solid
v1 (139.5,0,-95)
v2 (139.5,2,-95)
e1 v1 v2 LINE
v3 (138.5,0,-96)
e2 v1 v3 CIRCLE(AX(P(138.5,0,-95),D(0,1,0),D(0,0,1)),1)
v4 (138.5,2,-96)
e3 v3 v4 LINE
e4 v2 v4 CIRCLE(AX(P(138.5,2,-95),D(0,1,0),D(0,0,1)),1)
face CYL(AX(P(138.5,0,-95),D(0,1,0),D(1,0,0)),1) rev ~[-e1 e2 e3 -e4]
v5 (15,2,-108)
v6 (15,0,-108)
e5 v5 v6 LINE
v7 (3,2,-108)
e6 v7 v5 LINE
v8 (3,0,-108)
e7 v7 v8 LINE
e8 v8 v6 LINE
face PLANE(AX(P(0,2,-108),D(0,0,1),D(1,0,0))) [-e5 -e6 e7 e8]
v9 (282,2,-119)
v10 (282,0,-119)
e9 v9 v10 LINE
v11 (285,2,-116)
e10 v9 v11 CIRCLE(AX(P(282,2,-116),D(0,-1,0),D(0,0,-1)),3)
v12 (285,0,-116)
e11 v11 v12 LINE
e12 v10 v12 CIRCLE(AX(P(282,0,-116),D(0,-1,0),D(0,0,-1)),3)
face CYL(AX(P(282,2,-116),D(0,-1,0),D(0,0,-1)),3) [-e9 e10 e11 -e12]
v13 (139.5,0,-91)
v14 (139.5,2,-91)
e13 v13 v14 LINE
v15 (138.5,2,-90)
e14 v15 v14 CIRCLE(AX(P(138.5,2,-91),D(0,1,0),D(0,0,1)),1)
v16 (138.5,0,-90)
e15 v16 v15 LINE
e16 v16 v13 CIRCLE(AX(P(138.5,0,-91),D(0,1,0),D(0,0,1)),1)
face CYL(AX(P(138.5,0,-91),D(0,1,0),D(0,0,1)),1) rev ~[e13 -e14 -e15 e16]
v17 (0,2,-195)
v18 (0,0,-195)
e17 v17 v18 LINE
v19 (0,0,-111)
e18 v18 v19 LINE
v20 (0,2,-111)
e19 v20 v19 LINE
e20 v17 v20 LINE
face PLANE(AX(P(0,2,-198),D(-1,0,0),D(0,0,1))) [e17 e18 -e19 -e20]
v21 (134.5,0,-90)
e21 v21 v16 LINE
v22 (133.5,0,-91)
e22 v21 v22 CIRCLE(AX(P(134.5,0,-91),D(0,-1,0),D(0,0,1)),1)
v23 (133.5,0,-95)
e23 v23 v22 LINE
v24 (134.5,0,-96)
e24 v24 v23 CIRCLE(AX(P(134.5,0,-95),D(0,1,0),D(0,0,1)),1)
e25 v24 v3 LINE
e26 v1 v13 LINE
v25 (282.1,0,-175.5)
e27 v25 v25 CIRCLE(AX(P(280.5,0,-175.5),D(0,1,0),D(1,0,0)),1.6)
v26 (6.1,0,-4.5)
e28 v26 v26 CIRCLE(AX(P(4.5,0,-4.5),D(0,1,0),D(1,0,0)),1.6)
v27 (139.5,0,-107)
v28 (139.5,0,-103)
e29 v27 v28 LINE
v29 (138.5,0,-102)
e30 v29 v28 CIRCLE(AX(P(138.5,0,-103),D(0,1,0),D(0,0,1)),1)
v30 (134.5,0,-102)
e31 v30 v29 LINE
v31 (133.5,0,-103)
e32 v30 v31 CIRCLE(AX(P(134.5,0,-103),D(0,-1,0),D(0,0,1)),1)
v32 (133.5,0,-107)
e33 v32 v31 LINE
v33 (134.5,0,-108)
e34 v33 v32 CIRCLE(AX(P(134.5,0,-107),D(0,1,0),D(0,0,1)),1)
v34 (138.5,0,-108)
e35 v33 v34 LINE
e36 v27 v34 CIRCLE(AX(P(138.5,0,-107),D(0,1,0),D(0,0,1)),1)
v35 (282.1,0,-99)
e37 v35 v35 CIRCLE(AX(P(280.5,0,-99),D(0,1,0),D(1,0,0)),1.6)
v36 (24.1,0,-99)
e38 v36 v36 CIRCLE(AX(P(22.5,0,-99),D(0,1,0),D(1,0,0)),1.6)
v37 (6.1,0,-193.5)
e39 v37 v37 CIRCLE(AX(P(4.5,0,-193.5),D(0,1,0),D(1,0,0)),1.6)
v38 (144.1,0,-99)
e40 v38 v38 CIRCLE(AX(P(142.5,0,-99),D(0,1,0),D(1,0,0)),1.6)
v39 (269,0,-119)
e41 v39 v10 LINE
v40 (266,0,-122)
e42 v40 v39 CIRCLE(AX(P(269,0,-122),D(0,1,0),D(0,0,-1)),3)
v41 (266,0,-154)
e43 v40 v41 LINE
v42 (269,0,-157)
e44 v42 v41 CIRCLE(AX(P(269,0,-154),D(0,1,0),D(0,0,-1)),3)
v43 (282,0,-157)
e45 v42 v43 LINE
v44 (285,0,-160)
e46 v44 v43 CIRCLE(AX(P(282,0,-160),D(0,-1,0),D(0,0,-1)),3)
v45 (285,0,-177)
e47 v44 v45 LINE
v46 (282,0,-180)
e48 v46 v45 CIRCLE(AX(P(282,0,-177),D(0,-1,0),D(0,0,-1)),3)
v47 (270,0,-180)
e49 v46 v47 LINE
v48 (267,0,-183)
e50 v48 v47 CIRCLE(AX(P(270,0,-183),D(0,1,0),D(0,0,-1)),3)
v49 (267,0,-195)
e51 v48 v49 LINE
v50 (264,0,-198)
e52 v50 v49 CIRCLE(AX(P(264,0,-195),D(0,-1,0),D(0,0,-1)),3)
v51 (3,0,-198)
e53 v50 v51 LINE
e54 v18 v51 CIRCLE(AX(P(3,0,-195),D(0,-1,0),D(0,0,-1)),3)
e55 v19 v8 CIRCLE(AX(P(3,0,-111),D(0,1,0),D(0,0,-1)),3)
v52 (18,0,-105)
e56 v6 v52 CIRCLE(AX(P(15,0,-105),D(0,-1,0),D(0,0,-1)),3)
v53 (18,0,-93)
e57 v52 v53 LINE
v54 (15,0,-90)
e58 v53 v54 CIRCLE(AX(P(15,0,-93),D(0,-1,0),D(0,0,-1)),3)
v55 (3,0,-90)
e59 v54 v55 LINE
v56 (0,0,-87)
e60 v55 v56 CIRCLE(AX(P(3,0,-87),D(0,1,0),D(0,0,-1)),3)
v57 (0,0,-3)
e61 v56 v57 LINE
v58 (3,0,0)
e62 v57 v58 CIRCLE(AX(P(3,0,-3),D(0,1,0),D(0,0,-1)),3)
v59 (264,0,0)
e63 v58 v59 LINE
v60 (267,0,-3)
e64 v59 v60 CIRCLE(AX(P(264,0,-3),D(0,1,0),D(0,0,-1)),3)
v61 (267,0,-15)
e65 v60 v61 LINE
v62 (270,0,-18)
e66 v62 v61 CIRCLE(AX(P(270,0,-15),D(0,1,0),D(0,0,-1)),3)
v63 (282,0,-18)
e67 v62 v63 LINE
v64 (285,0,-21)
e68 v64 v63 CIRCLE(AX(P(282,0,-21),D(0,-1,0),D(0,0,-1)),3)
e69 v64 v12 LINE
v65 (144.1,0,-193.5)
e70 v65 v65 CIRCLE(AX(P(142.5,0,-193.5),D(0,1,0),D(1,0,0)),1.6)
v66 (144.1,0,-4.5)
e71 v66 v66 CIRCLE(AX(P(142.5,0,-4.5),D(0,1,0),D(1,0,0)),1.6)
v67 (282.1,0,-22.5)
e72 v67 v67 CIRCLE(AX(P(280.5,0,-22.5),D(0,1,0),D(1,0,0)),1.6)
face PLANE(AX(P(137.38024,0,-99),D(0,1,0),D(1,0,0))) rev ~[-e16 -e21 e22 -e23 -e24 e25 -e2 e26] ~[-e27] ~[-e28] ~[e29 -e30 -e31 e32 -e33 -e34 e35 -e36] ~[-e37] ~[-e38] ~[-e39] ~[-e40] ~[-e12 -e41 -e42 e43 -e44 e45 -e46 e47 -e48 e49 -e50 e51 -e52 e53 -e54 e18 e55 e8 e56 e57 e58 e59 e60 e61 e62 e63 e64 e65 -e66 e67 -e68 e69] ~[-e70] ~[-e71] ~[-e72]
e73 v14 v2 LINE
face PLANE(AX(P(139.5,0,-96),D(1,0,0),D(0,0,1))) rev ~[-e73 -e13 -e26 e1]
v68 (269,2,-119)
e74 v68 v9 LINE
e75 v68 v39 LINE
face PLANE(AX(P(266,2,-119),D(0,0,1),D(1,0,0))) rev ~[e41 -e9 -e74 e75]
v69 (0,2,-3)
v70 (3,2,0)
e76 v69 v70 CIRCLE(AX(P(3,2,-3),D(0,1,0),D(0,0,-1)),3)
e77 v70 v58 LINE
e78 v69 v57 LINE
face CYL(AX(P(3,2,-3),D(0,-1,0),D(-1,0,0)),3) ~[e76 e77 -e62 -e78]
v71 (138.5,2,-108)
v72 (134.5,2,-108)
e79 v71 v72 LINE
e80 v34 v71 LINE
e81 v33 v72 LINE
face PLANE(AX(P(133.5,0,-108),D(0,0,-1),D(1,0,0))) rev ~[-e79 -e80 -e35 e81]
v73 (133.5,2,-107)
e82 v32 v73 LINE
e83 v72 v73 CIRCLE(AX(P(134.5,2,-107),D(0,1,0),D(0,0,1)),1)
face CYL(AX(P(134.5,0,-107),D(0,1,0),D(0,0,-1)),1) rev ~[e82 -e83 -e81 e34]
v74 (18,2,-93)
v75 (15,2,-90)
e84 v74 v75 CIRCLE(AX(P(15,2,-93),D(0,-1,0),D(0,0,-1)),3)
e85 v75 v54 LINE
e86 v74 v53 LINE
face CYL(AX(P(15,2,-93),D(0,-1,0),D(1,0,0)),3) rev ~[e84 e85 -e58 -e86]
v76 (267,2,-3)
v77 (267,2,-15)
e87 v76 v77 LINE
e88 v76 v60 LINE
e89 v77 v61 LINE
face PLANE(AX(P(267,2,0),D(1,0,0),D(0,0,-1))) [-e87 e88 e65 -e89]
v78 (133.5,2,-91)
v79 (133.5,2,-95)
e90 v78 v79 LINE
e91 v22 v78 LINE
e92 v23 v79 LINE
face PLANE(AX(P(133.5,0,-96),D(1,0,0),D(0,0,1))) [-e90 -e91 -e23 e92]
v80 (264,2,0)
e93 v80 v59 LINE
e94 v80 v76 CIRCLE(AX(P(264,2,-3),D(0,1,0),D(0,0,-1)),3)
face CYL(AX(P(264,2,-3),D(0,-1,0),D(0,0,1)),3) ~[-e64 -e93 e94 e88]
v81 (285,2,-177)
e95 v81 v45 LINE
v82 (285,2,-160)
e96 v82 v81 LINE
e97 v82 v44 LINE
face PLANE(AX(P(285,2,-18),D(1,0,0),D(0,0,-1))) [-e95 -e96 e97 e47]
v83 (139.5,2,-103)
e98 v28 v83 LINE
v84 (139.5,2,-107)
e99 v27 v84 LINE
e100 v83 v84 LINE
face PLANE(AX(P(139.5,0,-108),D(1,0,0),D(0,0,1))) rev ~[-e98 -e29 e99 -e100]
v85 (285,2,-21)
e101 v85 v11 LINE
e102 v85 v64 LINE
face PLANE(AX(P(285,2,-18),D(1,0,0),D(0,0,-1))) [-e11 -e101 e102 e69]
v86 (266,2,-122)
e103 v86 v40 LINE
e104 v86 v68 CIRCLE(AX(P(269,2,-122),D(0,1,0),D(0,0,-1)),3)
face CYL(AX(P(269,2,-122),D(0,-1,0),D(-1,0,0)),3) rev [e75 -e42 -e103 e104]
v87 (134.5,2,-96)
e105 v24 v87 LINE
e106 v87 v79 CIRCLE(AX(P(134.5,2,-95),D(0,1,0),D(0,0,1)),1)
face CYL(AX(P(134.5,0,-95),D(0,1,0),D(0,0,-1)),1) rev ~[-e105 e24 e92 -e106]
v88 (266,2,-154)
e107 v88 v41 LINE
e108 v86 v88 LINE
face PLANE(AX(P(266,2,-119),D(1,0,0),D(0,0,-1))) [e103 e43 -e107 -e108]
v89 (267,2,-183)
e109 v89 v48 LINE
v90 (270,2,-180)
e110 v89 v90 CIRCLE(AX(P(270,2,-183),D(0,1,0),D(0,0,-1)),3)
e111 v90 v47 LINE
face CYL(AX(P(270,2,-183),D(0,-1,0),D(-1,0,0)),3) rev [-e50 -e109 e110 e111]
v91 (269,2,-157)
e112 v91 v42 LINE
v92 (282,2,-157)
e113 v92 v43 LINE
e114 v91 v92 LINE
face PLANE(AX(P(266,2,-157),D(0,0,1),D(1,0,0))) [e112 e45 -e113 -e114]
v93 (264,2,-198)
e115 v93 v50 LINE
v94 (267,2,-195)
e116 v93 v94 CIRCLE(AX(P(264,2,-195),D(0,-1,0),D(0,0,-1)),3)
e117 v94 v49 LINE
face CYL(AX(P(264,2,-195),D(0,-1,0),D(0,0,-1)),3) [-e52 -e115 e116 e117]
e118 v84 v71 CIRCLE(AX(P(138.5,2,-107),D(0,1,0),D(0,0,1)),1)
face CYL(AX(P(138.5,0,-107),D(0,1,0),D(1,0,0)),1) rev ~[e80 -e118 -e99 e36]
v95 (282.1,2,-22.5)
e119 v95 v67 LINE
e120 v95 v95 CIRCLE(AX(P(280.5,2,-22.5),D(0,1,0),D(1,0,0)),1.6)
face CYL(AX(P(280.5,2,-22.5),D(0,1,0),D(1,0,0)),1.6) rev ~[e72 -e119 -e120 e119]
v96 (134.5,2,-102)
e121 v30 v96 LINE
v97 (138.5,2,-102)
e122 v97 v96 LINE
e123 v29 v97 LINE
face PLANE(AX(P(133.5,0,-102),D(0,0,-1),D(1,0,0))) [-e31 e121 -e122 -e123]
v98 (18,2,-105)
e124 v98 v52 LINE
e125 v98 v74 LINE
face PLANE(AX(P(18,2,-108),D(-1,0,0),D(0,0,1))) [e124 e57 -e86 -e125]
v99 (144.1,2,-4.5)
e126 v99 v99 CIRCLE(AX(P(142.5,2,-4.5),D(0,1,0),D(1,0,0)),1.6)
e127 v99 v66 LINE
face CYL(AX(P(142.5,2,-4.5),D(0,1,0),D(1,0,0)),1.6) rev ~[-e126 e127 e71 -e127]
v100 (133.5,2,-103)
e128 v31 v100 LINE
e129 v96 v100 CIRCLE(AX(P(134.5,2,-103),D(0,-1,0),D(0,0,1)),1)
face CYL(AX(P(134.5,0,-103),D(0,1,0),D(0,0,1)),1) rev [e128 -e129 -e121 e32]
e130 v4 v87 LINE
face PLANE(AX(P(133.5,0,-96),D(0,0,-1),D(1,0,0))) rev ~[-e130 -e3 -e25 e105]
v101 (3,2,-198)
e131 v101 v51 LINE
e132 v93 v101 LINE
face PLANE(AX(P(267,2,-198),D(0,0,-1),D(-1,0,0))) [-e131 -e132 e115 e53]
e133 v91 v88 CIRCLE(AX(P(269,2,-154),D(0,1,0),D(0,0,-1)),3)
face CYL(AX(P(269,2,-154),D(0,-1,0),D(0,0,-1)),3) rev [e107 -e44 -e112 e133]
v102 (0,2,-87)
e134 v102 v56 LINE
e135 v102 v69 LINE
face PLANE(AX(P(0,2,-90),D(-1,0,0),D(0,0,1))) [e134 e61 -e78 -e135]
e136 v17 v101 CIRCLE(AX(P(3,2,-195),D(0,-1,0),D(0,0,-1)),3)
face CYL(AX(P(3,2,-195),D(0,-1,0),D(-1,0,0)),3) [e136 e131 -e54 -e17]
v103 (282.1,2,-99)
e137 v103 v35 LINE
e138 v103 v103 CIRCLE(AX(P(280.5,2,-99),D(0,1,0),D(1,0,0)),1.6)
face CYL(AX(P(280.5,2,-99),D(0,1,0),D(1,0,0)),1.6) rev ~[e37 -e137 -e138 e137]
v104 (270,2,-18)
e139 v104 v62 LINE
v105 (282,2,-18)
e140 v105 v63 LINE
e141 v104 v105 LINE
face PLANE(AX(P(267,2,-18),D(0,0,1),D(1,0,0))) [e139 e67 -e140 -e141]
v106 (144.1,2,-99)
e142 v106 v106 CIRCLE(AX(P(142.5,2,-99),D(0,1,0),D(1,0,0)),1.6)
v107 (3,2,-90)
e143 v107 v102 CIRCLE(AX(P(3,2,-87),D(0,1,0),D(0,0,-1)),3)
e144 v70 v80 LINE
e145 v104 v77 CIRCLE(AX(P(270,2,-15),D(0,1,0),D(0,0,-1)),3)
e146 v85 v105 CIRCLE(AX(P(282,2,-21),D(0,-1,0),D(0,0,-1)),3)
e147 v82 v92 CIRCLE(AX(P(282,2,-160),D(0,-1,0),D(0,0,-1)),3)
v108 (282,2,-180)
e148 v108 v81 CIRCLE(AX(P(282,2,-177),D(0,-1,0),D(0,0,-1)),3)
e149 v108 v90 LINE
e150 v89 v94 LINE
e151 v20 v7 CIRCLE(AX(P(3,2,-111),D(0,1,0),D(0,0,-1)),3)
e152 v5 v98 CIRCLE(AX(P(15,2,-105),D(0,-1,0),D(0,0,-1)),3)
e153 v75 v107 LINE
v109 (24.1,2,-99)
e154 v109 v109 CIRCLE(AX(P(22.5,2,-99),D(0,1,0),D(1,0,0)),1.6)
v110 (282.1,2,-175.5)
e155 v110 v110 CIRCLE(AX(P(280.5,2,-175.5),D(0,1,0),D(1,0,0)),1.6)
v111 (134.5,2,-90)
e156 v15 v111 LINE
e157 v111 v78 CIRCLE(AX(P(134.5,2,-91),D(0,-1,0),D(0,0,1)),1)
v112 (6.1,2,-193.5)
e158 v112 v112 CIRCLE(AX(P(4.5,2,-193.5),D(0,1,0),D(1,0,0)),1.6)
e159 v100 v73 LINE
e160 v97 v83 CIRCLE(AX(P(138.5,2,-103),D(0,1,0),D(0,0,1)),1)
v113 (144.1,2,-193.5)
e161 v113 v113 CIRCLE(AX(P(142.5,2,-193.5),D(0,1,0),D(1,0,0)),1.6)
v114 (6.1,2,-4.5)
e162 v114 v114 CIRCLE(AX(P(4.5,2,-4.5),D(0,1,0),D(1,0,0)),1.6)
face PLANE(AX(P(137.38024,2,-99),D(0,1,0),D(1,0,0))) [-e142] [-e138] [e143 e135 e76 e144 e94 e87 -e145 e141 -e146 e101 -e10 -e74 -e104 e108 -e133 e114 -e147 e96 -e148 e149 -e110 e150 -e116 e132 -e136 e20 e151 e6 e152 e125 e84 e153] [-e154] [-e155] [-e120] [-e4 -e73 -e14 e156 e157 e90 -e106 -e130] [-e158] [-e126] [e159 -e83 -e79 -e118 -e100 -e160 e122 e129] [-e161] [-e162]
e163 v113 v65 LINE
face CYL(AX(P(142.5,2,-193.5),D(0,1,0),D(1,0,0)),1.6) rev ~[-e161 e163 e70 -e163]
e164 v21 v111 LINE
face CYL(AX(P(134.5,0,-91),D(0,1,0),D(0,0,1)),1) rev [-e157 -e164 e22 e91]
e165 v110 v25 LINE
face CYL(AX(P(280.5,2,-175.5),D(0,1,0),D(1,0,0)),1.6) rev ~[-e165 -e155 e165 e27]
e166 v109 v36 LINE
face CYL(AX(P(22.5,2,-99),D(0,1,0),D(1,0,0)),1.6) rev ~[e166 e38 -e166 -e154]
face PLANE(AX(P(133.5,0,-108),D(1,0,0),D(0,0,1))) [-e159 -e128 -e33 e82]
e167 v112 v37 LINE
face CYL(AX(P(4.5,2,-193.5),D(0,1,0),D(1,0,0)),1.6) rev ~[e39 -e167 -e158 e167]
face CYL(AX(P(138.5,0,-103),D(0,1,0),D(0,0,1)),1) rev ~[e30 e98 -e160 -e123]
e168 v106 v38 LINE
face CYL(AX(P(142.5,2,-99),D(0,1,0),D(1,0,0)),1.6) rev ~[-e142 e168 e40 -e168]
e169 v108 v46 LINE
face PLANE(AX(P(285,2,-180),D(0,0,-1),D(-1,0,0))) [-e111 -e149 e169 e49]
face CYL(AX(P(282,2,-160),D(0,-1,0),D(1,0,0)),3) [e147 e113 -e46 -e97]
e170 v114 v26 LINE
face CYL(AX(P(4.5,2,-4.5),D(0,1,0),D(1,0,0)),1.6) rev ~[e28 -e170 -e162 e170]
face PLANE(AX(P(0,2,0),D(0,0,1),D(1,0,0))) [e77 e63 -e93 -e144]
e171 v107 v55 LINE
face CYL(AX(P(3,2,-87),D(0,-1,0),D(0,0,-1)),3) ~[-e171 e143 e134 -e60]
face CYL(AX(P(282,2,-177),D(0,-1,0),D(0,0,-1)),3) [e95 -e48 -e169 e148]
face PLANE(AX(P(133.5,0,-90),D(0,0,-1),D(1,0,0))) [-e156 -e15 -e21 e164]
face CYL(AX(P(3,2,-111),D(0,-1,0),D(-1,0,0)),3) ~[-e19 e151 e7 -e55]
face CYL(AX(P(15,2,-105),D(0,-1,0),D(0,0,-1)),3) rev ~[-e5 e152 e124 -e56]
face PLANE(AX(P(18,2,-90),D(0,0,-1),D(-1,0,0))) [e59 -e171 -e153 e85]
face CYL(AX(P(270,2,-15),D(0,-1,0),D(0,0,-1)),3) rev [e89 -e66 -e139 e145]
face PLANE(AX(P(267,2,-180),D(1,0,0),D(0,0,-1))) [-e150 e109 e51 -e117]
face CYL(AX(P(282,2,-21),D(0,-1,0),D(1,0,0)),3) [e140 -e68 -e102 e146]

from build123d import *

# Parameters (mm, degrees)
CROQUIS1_R               = 1.6
SALIENTE_EXTRUIR1_DEPTH  = 2
REDONDEO1_R              = 3
CROQUIS3_W               = 19
CROQUIS3_H               = 38
SORTIDA_CABLE_LLIT_DEPTH = 3
REDONDEO3_R              = 3
CROQUIS4_W               = 6
CROQUIS4_H               = 6
FORAT_TERMISTOR_DEPTH    = 3
REDONDEO4_R              = 1


with BuildPart() as part:
    # Croquis1 → Saliente-Extruir1 (new body)
    with BuildSketch(Plane(origin=(0, 2, 0), x_dir=(1, 0, 0), z_dir=(0, 1, 0))):
        Polygon((0, 198), (0, 108), (18, 108), (18, 90), (0, 90), (0, 0), (267, 0), (267, 18), (285, 18), (285, 180), (267, 180), (267, 198), align=None)
        with Locations((142.5, 193.5)):
            Circle(CROQUIS1_R, mode=Mode.SUBTRACT)
        with Locations((4.5, 193.5)):
            Circle(CROQUIS1_R, mode=Mode.SUBTRACT)
        with Locations((280.5, 22.5)):
            Circle(CROQUIS1_R, mode=Mode.SUBTRACT)
        with Locations((280.5, 175.5)):
            Circle(CROQUIS1_R, mode=Mode.SUBTRACT)
        with Locations((280.5, 99)):
            Circle(CROQUIS1_R, mode=Mode.SUBTRACT)
        with Locations((142.5, 4.5)):
            Circle(CROQUIS1_R, mode=Mode.SUBTRACT)
        with Locations((4.5, 4.5)):
            Circle(CROQUIS1_R, mode=Mode.SUBTRACT)
        with Locations((142.5, 99)):
            Circle(CROQUIS1_R, mode=Mode.SUBTRACT)
        with Locations((22.5, 99)):
            Circle(CROQUIS1_R, mode=Mode.SUBTRACT)
    extrude(amount=-SALIENTE_EXTRUIR1_DEPTH)

    # Redondeo1
    redondeo1_edges = [part.edges().sort_by_distance(p)[0] for p in [
        (267, 1, -198),
        (267, 1, -180),
        (285, 1, -180),
        (285, 1, -18),
        (267, 1, -18),
        (267, 1, 0),
        (0, 1, 0),
        (0, 1, -90),
        (18, 1, -90),
        (18, 1, -108),
        (0, 1, -108),
        (0, 1, -198),
    ]]
    fillet(redondeo1_edges, radius=REDONDEO1_R)

    # Croquis3 → Sortida cable llit (cut, through all)
    with BuildSketch(Plane(origin=(0, 2, 0), x_dir=(1, 0, 0), z_dir=(0, 1, 0))):
        with Locations((275.5, 138)):
            Rectangle(CROQUIS3_W, CROQUIS3_H)
    extrude(amount=-SORTIDA_CABLE_LLIT_DEPTH, mode=Mode.SUBTRACT)

    # Redondeo3
    redondeo3_edges = [part.edges().sort_by_distance(p)[0] for p in [
        (285, 1, -157),
        (285, 1, -119),
        (266, 1, -119),
        (266, 1, -157),
    ]]
    fillet(redondeo3_edges, radius=REDONDEO3_R)

    # Croquis4 → Forat termistor (cut, through all)
    with BuildSketch(Plane.XZ):
        with Locations((136.5, -93)):
            Rectangle(CROQUIS4_W, CROQUIS4_H)
        with Locations((136.5, -105)):
            Rectangle(CROQUIS4_W, CROQUIS4_H)
    extrude(amount=-FORAT_TERMISTOR_DEPTH, mode=Mode.SUBTRACT)

    # Redondeo4
    redondeo4_edges = [part.edges().sort_by_distance(p)[0] for p in [
        (133.5, 1, -96),
        (133.5, 1, -90),
        (139.5, 1, -90),
        (139.5, 1, -96),
        (139.5, 1, -108),
        (133.5, 1, -108),
        (133.5, 1, -102),
        (139.5, 1, -102),
    ]]
    fillet(redondeo4_edges, radius=REDONDEO4_R)


solid = part.part
